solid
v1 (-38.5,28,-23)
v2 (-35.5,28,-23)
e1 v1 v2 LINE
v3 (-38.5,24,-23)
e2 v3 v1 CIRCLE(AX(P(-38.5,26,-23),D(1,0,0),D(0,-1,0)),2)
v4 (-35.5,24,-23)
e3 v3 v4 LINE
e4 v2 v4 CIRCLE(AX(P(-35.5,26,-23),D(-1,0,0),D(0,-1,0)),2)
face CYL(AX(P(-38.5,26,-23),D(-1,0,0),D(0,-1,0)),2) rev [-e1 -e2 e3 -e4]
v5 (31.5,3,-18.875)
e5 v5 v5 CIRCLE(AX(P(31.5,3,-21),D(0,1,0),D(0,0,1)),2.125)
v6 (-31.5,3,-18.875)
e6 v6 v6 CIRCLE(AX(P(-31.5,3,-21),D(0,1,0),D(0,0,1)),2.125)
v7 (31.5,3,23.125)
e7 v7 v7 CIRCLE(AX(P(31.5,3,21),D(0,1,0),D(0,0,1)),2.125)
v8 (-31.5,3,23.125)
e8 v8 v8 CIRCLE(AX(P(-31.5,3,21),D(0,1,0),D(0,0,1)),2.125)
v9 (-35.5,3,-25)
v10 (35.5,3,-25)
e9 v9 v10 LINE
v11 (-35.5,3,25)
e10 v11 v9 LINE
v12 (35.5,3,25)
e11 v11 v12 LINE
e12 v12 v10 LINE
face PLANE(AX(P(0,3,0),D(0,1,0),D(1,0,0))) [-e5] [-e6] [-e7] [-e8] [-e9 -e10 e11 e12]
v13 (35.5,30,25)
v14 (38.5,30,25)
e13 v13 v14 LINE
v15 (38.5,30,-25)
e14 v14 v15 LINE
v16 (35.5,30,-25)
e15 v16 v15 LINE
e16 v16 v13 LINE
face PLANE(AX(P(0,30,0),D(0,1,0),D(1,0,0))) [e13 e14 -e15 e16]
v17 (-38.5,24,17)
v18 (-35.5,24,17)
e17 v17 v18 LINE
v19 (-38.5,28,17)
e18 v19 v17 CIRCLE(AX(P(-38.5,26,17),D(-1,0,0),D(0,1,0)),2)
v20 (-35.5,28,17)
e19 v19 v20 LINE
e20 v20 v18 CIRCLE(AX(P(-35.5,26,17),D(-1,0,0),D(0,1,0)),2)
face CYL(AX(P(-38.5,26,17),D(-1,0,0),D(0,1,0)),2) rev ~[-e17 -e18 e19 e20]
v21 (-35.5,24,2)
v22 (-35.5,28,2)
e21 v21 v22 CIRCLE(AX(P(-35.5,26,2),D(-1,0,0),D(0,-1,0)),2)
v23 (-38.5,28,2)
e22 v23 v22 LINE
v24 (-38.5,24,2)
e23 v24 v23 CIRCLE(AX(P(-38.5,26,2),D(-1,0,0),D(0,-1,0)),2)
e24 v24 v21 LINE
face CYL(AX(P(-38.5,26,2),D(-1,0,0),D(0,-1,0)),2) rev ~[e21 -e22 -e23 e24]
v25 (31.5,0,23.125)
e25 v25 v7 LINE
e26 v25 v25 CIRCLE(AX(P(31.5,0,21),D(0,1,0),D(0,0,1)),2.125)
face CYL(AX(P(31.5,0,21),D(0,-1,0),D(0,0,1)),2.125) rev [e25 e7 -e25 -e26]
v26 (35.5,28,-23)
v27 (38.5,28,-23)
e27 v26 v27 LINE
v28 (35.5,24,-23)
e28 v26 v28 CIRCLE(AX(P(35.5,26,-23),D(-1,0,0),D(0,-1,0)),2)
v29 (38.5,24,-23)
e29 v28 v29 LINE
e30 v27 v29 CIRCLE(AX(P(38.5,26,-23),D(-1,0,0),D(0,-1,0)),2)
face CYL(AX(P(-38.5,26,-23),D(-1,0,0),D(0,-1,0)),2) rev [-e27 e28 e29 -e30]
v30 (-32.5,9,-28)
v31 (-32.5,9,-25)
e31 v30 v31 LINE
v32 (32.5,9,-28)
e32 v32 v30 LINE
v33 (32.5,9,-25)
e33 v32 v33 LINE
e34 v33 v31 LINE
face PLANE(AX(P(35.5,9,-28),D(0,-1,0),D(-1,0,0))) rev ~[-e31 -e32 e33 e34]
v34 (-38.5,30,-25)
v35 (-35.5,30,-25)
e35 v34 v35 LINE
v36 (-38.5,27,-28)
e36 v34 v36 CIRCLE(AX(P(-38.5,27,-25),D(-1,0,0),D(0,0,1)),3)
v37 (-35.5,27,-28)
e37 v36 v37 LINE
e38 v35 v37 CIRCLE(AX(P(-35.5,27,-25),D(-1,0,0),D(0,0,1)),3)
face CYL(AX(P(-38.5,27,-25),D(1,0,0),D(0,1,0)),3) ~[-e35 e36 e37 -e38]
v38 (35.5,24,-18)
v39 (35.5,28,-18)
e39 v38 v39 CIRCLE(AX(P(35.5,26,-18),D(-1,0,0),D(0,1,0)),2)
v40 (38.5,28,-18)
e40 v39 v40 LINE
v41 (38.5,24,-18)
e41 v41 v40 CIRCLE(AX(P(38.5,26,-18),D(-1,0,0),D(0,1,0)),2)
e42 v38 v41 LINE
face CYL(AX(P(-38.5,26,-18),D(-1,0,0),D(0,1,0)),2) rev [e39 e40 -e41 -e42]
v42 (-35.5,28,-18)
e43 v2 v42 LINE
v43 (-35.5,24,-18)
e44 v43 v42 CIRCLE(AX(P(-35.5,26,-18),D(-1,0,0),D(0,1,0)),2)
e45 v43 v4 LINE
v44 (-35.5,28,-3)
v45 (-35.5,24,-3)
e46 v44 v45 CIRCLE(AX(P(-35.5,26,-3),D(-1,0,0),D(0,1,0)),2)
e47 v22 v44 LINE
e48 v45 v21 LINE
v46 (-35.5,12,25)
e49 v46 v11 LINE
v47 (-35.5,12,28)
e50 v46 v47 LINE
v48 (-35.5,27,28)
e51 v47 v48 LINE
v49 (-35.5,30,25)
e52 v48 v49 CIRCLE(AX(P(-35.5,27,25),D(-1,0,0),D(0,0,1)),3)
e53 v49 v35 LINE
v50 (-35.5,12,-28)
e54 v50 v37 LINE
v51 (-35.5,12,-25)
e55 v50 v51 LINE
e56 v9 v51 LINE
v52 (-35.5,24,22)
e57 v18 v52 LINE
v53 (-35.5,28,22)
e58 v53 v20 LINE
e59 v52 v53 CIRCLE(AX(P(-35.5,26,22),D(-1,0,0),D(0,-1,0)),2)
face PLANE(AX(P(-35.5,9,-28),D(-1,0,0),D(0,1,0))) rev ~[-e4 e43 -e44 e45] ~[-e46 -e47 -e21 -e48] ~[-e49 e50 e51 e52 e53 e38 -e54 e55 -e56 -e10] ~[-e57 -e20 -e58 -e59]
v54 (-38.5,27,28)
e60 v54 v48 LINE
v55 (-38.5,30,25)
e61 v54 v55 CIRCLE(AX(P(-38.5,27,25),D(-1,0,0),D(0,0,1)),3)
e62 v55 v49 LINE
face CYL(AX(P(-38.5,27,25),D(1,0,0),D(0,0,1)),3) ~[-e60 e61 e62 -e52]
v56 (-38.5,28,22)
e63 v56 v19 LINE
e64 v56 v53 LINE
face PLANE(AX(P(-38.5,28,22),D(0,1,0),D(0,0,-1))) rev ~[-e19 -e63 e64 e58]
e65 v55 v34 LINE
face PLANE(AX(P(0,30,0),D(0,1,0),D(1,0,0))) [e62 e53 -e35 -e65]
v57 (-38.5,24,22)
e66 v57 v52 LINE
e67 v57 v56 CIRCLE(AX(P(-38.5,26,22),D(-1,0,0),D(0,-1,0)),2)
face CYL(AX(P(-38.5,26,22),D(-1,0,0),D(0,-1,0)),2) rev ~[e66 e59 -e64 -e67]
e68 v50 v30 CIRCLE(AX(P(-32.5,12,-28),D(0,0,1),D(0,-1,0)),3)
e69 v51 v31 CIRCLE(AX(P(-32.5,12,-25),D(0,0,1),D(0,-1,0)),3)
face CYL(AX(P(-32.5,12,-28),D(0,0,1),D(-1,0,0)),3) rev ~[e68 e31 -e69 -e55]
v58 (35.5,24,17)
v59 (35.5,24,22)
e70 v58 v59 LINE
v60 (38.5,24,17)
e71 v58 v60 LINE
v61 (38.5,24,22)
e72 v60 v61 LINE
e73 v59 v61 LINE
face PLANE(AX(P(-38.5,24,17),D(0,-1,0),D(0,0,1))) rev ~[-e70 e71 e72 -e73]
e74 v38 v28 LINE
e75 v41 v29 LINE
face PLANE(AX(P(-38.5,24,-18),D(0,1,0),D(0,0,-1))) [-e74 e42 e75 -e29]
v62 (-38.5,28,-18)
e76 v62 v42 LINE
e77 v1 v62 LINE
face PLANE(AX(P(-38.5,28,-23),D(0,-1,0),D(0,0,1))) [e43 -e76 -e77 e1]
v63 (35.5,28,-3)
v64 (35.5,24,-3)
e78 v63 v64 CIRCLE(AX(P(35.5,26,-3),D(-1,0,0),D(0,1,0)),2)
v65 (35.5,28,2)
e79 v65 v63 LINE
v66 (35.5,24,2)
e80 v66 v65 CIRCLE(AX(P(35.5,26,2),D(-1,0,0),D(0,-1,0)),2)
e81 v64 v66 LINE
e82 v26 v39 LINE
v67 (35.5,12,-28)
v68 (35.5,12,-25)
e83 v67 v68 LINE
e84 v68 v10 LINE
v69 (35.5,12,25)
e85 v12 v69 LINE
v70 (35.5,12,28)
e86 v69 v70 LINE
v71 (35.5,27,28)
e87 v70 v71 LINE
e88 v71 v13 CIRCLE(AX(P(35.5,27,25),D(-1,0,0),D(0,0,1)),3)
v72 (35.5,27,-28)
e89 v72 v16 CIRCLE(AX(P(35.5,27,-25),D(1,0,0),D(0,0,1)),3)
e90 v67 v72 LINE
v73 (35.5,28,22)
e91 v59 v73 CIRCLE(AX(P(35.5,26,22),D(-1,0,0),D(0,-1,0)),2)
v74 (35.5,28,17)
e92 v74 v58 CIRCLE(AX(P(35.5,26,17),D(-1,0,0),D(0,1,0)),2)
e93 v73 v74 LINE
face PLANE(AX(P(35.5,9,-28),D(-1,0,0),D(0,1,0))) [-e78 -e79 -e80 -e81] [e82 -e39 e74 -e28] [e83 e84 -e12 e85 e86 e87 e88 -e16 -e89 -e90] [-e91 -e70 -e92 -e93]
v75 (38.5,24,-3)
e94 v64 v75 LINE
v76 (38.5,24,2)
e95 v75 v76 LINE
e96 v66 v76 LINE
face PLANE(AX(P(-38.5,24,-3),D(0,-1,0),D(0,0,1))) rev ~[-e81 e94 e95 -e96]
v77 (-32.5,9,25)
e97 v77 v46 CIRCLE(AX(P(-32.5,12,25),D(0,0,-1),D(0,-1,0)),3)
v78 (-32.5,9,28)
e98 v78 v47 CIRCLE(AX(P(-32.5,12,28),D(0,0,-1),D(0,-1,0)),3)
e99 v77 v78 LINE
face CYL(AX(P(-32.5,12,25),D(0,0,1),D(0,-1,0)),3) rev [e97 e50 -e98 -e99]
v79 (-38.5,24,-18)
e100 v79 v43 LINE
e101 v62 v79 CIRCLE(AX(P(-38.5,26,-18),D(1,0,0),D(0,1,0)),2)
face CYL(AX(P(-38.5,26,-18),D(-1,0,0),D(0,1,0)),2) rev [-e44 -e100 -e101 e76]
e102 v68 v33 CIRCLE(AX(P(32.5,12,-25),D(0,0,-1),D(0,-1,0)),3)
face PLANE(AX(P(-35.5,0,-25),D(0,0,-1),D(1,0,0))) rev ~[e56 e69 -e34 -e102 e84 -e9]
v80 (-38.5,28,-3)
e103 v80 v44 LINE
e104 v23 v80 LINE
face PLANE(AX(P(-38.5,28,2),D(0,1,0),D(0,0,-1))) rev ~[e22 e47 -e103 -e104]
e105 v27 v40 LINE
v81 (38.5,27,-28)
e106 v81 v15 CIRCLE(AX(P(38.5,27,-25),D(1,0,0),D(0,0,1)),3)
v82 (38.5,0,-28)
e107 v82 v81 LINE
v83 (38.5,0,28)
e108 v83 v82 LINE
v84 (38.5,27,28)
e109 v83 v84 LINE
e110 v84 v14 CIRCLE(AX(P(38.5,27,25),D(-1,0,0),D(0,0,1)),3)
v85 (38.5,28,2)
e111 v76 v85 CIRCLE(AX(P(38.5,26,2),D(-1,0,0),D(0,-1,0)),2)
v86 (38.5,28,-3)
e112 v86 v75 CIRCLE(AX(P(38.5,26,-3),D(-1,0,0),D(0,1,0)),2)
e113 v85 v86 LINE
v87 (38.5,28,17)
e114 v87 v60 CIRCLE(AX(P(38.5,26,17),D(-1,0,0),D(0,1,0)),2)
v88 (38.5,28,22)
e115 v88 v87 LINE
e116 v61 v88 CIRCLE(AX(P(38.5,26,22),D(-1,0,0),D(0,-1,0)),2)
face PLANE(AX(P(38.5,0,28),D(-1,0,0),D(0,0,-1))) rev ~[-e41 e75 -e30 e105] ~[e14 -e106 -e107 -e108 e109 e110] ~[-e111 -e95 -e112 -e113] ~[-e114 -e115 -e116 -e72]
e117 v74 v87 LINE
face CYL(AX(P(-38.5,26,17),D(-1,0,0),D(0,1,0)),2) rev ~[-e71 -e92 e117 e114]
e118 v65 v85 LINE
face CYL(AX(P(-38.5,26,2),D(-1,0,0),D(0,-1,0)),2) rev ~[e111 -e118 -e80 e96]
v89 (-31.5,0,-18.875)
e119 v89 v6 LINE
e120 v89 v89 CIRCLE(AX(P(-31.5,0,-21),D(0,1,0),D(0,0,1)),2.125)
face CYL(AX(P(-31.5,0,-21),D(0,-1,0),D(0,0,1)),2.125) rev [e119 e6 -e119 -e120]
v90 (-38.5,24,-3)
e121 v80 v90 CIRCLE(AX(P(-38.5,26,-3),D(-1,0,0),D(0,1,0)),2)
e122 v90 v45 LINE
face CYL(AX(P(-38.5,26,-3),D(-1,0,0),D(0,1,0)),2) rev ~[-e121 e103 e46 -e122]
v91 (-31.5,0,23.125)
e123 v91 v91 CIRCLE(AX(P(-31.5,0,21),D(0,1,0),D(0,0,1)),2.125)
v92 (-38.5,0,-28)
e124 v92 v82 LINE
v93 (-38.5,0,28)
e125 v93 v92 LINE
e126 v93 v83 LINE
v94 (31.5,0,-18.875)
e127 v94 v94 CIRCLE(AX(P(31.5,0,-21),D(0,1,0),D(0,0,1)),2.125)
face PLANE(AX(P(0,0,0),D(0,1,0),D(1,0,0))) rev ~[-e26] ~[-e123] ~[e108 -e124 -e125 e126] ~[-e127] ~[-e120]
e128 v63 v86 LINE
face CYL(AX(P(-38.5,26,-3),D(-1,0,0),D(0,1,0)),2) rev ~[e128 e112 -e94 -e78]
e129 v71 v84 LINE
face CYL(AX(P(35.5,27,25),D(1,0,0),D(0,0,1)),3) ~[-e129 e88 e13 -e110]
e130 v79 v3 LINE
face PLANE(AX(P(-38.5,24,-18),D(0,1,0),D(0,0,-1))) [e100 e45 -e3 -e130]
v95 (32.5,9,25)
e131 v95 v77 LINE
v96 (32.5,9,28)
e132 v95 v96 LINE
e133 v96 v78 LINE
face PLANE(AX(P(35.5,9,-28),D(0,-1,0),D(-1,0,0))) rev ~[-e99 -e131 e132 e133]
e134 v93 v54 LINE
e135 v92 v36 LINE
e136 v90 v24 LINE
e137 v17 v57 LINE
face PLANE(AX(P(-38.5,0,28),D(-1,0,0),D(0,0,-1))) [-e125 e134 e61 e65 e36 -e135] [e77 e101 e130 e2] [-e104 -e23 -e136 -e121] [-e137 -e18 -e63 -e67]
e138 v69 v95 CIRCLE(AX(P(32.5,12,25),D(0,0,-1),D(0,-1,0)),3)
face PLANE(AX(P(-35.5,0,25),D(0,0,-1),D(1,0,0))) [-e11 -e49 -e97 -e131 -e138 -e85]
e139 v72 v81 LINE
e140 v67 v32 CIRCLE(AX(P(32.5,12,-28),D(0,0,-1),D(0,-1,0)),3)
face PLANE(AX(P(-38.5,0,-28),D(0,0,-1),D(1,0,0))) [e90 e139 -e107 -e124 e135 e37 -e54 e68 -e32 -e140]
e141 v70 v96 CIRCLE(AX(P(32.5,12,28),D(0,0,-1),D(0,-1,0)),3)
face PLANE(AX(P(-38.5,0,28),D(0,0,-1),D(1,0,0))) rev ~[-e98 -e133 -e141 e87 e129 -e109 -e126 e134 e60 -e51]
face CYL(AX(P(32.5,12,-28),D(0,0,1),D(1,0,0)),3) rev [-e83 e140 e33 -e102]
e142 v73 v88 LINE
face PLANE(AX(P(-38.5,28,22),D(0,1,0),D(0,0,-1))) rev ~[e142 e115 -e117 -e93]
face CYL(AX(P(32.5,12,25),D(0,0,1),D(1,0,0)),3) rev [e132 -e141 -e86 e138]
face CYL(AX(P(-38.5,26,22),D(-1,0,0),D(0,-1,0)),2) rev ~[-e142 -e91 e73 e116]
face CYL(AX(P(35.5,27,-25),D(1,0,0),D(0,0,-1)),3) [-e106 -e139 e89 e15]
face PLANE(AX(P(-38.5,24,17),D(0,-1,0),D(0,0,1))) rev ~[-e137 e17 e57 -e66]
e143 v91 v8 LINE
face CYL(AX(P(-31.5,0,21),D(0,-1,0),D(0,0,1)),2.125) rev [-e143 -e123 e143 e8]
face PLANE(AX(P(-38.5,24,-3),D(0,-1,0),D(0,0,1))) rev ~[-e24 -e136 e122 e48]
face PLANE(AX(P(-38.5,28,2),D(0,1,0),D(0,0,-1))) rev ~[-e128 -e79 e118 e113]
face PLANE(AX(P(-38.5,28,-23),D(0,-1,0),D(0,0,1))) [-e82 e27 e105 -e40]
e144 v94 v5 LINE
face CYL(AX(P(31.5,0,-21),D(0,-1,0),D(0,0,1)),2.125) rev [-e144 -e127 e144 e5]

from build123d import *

# Parameters (mm, degrees)
SKETCH1_W           = 71
SKETCH1_H           = 50
SKETCH1_R           = 2.125
BOSS_EXTRUDE1_DEPTH = 3
SKETCH2_W           = 77
SKETCH2_H           = 56
SKETCH2_W_2         = 71
SKETCH2_H_2         = 50
BOSS_EXTRUDE2_DEPTH = 30
SKETCH3_W           = 71
SKETCH3_H           = 30
CUT_EXTRUDE1_DEPTH  = 75.284924446
CUT_EXTRUDE2_DEPTH  = 88.252507127
FILLET1_R           = 3


with BuildPart() as part:
    # Sketch1 → Boss-Extrude1 (new body)
    with BuildSketch(Plane(origin=(0, 0, 0), x_dir=(1, 0, 0), z_dir=(0, 1, 0))):
        Rectangle(SKETCH1_W, SKETCH1_H)
        with Locations(Location((-31.5, 21, 0), (0, 0, 270))):
            Circle(SKETCH1_R, mode=Mode.SUBTRACT)
        with Locations(Location((31.5, 21, 0), (0, 0, 270))):
            Circle(SKETCH1_R, mode=Mode.SUBTRACT)
        with Locations(Location((31.5, -21, 0), (0, 0, 270))):
            Circle(SKETCH1_R, mode=Mode.SUBTRACT)
        with Locations(Location((-31.5, -21, 0), (0, 0, 270))):
            Circle(SKETCH1_R, mode=Mode.SUBTRACT)
    extrude(amount=BOSS_EXTRUDE1_DEPTH)

    # Sketch2 → Boss-Extrude2 (add)
    with BuildSketch(Plane(origin=(0, 0, 0), x_dir=(1, 0, 0), z_dir=(0, 1, 0))):
        Rectangle(SKETCH2_W, SKETCH2_H)
        Rectangle(SKETCH2_W_2, SKETCH2_H_2, mode=Mode.SUBTRACT)
    extrude(amount=BOSS_EXTRUDE2_DEPTH)

    # Sketch3 → Cut-Extrude1 (cut, through all)
    with BuildSketch(Plane(origin=(0, 0, -28), x_dir=(-1, 0, 0), z_dir=(0, 0, -1))):
        with Locations((0, 24)):
            Rectangle(SKETCH3_W, SKETCH3_H)
    extrude(amount=-CUT_EXTRUDE1_DEPTH, mode=Mode.SUBTRACT)

    # Sketch4 → Cut-Extrude2 (cut, through all)
    with BuildSketch(Plane.ZY.offset(38.5)):
        with BuildLine():
            Line((-18, 24), (-23, 24))
            ThreePointArc((-23, 24), (-25, 26), (-23, 28))
            Line((-23, 28), (-18, 28))
            ThreePointArc((-18, 28), (-16, 26), (-18, 24))
        make_face()
        with BuildLine():
            Line((2, 28), (-3, 28))
            ThreePointArc((-3, 28), (-5, 26), (-3, 24))
            Line((-3, 24), (2, 24))
            ThreePointArc((2, 24), (4, 26), (2, 28))
        make_face()
        with BuildLine():
            Line((22, 28), (17, 28))
            ThreePointArc((17, 28), (15, 26), (17, 24))
            Line((17, 24), (22, 24))
            ThreePointArc((22, 24), (24, 26), (22, 28))
        make_face()
    extrude(amount=-CUT_EXTRUDE2_DEPTH, mode=Mode.SUBTRACT)

    # Fillet1
    fillet1_edges = [part.edges().sort_by_distance(p)[0] for p in [
        (37, 30, -28),
        (-37, 30, 28),
        (37, 30, 28),
        (-37, 30, -28),
        (35.5, 9, -26.5),
        (-35.5, 9, -26.5),
        (35.5, 9, 26.5),
        (-35.5, 9, 26.5),
    ]]
    fillet(fillet1_edges, radius=FILLET1_R)


solid = part.part
